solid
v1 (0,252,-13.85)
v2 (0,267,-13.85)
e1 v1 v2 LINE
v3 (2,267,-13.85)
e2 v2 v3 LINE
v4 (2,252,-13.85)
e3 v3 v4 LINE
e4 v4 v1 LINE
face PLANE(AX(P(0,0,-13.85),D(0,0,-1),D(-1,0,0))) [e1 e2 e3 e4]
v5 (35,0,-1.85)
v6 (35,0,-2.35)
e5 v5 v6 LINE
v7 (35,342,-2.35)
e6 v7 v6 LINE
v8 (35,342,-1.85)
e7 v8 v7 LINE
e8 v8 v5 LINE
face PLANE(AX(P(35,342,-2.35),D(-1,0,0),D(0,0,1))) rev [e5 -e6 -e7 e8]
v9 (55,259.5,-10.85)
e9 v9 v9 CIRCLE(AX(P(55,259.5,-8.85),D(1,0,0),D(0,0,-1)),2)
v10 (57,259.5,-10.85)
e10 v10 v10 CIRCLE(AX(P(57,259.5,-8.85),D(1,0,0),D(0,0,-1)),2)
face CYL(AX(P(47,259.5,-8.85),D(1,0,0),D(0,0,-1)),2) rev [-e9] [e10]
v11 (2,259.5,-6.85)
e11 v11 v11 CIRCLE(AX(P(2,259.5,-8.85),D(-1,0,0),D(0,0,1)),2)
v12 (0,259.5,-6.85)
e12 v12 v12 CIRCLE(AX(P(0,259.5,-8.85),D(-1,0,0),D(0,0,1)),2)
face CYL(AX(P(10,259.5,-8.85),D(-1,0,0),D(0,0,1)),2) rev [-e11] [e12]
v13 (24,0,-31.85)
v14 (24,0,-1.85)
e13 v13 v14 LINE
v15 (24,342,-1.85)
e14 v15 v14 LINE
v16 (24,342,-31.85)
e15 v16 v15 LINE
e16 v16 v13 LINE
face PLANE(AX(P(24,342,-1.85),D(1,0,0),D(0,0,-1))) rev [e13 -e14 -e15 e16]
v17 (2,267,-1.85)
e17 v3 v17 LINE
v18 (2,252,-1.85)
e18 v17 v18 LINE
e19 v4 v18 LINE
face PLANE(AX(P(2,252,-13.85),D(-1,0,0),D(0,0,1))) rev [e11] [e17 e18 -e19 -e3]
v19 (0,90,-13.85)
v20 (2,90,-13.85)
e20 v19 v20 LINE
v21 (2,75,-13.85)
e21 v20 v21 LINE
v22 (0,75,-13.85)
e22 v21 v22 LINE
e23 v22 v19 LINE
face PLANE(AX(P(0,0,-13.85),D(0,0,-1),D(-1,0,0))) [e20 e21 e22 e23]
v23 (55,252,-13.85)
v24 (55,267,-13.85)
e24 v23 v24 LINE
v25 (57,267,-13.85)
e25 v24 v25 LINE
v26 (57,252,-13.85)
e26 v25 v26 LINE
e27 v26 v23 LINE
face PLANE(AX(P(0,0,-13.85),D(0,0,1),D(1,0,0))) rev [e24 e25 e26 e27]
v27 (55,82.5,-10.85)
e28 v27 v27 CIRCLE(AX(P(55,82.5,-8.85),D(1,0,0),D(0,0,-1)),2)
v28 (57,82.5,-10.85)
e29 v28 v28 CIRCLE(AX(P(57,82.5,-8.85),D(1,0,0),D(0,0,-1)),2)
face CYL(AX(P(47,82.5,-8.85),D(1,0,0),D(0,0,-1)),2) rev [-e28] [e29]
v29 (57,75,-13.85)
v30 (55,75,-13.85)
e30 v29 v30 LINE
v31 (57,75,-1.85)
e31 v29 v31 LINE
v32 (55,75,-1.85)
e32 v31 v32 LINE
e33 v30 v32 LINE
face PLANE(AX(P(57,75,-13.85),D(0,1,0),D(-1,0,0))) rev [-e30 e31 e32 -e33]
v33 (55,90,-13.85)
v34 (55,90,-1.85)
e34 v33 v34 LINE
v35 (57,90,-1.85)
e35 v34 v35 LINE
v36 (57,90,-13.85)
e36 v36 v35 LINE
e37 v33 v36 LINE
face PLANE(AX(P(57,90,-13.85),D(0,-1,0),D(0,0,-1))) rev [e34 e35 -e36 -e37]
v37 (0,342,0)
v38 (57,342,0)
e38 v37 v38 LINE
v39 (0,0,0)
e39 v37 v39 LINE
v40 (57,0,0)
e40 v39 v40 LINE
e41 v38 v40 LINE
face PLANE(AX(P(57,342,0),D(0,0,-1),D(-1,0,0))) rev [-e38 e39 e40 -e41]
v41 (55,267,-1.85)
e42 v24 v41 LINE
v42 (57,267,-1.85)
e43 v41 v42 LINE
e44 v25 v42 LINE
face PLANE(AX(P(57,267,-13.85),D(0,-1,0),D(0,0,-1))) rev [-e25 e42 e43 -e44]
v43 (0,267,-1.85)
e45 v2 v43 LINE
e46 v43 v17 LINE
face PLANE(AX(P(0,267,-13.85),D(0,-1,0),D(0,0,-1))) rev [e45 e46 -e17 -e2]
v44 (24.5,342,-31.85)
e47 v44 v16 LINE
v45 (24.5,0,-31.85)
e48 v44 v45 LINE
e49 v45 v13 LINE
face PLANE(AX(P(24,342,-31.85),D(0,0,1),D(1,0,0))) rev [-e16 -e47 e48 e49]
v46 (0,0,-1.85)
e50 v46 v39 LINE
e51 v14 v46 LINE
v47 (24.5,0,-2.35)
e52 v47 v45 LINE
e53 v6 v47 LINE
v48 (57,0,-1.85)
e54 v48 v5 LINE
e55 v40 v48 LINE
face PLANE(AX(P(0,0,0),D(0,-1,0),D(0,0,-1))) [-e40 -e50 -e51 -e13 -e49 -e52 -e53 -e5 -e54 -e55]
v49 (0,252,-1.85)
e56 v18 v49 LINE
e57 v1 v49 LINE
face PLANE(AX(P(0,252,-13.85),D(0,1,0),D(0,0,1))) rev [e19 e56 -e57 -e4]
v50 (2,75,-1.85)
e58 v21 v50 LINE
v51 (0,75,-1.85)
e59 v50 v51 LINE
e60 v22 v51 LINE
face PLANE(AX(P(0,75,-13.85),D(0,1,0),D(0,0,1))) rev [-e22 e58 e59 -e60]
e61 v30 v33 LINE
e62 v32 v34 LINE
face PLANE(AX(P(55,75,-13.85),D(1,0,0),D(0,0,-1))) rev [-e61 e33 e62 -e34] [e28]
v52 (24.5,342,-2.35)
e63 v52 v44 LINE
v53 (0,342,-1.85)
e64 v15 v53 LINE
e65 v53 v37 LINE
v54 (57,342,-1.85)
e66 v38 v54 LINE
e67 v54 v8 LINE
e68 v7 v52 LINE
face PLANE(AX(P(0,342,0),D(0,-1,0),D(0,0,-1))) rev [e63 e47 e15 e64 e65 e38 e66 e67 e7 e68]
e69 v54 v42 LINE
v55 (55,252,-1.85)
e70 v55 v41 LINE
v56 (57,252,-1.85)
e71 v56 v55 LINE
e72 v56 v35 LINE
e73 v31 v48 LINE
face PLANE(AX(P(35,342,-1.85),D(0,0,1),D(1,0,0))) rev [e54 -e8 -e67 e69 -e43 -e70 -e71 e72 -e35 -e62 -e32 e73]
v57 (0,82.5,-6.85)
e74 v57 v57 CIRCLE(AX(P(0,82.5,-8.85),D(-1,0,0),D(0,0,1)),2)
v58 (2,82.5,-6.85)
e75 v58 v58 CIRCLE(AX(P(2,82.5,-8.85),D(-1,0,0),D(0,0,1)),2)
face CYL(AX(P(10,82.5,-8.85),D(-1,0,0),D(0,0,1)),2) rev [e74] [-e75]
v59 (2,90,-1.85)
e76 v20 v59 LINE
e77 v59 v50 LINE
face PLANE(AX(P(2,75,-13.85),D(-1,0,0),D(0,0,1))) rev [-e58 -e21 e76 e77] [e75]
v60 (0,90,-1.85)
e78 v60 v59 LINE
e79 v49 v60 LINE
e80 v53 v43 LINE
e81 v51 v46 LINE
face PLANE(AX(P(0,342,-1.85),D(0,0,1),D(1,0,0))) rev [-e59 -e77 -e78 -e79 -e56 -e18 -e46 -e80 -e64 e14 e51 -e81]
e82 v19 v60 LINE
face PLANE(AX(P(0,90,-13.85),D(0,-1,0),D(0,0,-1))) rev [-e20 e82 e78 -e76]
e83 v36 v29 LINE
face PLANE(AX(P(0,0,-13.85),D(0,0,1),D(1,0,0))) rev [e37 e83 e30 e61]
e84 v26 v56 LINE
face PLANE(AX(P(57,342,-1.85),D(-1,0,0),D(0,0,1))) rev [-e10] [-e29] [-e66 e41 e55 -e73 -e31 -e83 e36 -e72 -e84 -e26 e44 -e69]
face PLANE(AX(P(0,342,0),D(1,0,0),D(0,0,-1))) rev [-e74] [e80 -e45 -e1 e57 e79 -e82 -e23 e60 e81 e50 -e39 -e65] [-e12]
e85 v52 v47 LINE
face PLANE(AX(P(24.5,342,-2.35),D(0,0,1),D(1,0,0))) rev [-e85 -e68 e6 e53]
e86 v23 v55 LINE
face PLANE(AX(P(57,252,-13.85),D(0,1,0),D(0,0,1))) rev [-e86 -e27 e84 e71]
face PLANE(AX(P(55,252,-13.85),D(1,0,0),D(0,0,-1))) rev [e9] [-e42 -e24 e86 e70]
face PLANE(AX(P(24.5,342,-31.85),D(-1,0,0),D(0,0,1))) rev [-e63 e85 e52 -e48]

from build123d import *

# Parameters (mm, degrees)
DODANIE_WYCI_GNI_CIE1_DEPTH = 342
SZKIC3_W                    = 2
SZKIC3_H                    = 15
DODANIE_WYCI_GNI_CIE2_DEPTH = 12
SZKIC4_R                    = 2
WYTNIJ_WYCI_GNI_CIE1_DEPTH  = 10
SZKIC5_R                    = 2
WYTNIJ_WYCI_GNI_CIE2_DEPTH  = 10


with BuildPart() as part:
    # Szkic1 → Dodanie-wyciągnięcie1 (new body)
    with BuildSketch(Plane(origin=(0, 0, 0), x_dir=(1, 0, 0), z_dir=(0, 1, 0))):
        Polygon((0, 0), (0, 1.85), (24, 1.85), (24, 31.85), (24.5, 31.85), (24.5, 2.35), (35, 2.35), (35, 1.85), (57, 1.85), (57, 0), align=None)
    extrude(amount=DODANIE_WYCI_GNI_CIE1_DEPTH)

    # Szkic3 → Dodanie-wyciągnięcie2 (add)
    with BuildSketch(Plane(origin=(0, 0, -1.85), x_dir=(-1, 0, 0), z_dir=(0, 0, -1))):
        with Locations((-56, 82.5)):
            Rectangle(SZKIC3_W, SZKIC3_H)
        with Locations((-56, 259.5)):
            Rectangle(SZKIC3_W, SZKIC3_H)
        with Locations((-1, 82.5)):
            Rectangle(SZKIC3_W, SZKIC3_H)
        with Locations((-1, 259.5)):
            Rectangle(SZKIC3_W, SZKIC3_H)
    extrude(amount=DODANIE_WYCI_GNI_CIE2_DEPTH)

    # Szkic4 → Wytnij-wyciągnięcie1 (cut)
    with BuildSketch(Plane.ZY):
        with Locations((-8.85, 82.5)):
            Circle(SZKIC4_R)
        with Locations((-8.85, 259.5)):
            Circle(SZKIC4_R)
    extrude(amount=-WYTNIJ_WYCI_GNI_CIE1_DEPTH, mode=Mode.SUBTRACT)

    # Szkic5 → Wytnij-wyciągnięcie2 (cut)
    with BuildSketch(Plane(origin=(57, 0, 0), x_dir=(0, 0, -1), z_dir=(1, 0, 0))):
        with Locations((8.85, 259.5)):
            Circle(SZKIC5_R)
        with Locations((8.85, 82.5)):
            Circle(SZKIC5_R)
    extrude(amount=-WYTNIJ_WYCI_GNI_CIE2_DEPTH, mode=Mode.SUBTRACT)


solid = part.part
